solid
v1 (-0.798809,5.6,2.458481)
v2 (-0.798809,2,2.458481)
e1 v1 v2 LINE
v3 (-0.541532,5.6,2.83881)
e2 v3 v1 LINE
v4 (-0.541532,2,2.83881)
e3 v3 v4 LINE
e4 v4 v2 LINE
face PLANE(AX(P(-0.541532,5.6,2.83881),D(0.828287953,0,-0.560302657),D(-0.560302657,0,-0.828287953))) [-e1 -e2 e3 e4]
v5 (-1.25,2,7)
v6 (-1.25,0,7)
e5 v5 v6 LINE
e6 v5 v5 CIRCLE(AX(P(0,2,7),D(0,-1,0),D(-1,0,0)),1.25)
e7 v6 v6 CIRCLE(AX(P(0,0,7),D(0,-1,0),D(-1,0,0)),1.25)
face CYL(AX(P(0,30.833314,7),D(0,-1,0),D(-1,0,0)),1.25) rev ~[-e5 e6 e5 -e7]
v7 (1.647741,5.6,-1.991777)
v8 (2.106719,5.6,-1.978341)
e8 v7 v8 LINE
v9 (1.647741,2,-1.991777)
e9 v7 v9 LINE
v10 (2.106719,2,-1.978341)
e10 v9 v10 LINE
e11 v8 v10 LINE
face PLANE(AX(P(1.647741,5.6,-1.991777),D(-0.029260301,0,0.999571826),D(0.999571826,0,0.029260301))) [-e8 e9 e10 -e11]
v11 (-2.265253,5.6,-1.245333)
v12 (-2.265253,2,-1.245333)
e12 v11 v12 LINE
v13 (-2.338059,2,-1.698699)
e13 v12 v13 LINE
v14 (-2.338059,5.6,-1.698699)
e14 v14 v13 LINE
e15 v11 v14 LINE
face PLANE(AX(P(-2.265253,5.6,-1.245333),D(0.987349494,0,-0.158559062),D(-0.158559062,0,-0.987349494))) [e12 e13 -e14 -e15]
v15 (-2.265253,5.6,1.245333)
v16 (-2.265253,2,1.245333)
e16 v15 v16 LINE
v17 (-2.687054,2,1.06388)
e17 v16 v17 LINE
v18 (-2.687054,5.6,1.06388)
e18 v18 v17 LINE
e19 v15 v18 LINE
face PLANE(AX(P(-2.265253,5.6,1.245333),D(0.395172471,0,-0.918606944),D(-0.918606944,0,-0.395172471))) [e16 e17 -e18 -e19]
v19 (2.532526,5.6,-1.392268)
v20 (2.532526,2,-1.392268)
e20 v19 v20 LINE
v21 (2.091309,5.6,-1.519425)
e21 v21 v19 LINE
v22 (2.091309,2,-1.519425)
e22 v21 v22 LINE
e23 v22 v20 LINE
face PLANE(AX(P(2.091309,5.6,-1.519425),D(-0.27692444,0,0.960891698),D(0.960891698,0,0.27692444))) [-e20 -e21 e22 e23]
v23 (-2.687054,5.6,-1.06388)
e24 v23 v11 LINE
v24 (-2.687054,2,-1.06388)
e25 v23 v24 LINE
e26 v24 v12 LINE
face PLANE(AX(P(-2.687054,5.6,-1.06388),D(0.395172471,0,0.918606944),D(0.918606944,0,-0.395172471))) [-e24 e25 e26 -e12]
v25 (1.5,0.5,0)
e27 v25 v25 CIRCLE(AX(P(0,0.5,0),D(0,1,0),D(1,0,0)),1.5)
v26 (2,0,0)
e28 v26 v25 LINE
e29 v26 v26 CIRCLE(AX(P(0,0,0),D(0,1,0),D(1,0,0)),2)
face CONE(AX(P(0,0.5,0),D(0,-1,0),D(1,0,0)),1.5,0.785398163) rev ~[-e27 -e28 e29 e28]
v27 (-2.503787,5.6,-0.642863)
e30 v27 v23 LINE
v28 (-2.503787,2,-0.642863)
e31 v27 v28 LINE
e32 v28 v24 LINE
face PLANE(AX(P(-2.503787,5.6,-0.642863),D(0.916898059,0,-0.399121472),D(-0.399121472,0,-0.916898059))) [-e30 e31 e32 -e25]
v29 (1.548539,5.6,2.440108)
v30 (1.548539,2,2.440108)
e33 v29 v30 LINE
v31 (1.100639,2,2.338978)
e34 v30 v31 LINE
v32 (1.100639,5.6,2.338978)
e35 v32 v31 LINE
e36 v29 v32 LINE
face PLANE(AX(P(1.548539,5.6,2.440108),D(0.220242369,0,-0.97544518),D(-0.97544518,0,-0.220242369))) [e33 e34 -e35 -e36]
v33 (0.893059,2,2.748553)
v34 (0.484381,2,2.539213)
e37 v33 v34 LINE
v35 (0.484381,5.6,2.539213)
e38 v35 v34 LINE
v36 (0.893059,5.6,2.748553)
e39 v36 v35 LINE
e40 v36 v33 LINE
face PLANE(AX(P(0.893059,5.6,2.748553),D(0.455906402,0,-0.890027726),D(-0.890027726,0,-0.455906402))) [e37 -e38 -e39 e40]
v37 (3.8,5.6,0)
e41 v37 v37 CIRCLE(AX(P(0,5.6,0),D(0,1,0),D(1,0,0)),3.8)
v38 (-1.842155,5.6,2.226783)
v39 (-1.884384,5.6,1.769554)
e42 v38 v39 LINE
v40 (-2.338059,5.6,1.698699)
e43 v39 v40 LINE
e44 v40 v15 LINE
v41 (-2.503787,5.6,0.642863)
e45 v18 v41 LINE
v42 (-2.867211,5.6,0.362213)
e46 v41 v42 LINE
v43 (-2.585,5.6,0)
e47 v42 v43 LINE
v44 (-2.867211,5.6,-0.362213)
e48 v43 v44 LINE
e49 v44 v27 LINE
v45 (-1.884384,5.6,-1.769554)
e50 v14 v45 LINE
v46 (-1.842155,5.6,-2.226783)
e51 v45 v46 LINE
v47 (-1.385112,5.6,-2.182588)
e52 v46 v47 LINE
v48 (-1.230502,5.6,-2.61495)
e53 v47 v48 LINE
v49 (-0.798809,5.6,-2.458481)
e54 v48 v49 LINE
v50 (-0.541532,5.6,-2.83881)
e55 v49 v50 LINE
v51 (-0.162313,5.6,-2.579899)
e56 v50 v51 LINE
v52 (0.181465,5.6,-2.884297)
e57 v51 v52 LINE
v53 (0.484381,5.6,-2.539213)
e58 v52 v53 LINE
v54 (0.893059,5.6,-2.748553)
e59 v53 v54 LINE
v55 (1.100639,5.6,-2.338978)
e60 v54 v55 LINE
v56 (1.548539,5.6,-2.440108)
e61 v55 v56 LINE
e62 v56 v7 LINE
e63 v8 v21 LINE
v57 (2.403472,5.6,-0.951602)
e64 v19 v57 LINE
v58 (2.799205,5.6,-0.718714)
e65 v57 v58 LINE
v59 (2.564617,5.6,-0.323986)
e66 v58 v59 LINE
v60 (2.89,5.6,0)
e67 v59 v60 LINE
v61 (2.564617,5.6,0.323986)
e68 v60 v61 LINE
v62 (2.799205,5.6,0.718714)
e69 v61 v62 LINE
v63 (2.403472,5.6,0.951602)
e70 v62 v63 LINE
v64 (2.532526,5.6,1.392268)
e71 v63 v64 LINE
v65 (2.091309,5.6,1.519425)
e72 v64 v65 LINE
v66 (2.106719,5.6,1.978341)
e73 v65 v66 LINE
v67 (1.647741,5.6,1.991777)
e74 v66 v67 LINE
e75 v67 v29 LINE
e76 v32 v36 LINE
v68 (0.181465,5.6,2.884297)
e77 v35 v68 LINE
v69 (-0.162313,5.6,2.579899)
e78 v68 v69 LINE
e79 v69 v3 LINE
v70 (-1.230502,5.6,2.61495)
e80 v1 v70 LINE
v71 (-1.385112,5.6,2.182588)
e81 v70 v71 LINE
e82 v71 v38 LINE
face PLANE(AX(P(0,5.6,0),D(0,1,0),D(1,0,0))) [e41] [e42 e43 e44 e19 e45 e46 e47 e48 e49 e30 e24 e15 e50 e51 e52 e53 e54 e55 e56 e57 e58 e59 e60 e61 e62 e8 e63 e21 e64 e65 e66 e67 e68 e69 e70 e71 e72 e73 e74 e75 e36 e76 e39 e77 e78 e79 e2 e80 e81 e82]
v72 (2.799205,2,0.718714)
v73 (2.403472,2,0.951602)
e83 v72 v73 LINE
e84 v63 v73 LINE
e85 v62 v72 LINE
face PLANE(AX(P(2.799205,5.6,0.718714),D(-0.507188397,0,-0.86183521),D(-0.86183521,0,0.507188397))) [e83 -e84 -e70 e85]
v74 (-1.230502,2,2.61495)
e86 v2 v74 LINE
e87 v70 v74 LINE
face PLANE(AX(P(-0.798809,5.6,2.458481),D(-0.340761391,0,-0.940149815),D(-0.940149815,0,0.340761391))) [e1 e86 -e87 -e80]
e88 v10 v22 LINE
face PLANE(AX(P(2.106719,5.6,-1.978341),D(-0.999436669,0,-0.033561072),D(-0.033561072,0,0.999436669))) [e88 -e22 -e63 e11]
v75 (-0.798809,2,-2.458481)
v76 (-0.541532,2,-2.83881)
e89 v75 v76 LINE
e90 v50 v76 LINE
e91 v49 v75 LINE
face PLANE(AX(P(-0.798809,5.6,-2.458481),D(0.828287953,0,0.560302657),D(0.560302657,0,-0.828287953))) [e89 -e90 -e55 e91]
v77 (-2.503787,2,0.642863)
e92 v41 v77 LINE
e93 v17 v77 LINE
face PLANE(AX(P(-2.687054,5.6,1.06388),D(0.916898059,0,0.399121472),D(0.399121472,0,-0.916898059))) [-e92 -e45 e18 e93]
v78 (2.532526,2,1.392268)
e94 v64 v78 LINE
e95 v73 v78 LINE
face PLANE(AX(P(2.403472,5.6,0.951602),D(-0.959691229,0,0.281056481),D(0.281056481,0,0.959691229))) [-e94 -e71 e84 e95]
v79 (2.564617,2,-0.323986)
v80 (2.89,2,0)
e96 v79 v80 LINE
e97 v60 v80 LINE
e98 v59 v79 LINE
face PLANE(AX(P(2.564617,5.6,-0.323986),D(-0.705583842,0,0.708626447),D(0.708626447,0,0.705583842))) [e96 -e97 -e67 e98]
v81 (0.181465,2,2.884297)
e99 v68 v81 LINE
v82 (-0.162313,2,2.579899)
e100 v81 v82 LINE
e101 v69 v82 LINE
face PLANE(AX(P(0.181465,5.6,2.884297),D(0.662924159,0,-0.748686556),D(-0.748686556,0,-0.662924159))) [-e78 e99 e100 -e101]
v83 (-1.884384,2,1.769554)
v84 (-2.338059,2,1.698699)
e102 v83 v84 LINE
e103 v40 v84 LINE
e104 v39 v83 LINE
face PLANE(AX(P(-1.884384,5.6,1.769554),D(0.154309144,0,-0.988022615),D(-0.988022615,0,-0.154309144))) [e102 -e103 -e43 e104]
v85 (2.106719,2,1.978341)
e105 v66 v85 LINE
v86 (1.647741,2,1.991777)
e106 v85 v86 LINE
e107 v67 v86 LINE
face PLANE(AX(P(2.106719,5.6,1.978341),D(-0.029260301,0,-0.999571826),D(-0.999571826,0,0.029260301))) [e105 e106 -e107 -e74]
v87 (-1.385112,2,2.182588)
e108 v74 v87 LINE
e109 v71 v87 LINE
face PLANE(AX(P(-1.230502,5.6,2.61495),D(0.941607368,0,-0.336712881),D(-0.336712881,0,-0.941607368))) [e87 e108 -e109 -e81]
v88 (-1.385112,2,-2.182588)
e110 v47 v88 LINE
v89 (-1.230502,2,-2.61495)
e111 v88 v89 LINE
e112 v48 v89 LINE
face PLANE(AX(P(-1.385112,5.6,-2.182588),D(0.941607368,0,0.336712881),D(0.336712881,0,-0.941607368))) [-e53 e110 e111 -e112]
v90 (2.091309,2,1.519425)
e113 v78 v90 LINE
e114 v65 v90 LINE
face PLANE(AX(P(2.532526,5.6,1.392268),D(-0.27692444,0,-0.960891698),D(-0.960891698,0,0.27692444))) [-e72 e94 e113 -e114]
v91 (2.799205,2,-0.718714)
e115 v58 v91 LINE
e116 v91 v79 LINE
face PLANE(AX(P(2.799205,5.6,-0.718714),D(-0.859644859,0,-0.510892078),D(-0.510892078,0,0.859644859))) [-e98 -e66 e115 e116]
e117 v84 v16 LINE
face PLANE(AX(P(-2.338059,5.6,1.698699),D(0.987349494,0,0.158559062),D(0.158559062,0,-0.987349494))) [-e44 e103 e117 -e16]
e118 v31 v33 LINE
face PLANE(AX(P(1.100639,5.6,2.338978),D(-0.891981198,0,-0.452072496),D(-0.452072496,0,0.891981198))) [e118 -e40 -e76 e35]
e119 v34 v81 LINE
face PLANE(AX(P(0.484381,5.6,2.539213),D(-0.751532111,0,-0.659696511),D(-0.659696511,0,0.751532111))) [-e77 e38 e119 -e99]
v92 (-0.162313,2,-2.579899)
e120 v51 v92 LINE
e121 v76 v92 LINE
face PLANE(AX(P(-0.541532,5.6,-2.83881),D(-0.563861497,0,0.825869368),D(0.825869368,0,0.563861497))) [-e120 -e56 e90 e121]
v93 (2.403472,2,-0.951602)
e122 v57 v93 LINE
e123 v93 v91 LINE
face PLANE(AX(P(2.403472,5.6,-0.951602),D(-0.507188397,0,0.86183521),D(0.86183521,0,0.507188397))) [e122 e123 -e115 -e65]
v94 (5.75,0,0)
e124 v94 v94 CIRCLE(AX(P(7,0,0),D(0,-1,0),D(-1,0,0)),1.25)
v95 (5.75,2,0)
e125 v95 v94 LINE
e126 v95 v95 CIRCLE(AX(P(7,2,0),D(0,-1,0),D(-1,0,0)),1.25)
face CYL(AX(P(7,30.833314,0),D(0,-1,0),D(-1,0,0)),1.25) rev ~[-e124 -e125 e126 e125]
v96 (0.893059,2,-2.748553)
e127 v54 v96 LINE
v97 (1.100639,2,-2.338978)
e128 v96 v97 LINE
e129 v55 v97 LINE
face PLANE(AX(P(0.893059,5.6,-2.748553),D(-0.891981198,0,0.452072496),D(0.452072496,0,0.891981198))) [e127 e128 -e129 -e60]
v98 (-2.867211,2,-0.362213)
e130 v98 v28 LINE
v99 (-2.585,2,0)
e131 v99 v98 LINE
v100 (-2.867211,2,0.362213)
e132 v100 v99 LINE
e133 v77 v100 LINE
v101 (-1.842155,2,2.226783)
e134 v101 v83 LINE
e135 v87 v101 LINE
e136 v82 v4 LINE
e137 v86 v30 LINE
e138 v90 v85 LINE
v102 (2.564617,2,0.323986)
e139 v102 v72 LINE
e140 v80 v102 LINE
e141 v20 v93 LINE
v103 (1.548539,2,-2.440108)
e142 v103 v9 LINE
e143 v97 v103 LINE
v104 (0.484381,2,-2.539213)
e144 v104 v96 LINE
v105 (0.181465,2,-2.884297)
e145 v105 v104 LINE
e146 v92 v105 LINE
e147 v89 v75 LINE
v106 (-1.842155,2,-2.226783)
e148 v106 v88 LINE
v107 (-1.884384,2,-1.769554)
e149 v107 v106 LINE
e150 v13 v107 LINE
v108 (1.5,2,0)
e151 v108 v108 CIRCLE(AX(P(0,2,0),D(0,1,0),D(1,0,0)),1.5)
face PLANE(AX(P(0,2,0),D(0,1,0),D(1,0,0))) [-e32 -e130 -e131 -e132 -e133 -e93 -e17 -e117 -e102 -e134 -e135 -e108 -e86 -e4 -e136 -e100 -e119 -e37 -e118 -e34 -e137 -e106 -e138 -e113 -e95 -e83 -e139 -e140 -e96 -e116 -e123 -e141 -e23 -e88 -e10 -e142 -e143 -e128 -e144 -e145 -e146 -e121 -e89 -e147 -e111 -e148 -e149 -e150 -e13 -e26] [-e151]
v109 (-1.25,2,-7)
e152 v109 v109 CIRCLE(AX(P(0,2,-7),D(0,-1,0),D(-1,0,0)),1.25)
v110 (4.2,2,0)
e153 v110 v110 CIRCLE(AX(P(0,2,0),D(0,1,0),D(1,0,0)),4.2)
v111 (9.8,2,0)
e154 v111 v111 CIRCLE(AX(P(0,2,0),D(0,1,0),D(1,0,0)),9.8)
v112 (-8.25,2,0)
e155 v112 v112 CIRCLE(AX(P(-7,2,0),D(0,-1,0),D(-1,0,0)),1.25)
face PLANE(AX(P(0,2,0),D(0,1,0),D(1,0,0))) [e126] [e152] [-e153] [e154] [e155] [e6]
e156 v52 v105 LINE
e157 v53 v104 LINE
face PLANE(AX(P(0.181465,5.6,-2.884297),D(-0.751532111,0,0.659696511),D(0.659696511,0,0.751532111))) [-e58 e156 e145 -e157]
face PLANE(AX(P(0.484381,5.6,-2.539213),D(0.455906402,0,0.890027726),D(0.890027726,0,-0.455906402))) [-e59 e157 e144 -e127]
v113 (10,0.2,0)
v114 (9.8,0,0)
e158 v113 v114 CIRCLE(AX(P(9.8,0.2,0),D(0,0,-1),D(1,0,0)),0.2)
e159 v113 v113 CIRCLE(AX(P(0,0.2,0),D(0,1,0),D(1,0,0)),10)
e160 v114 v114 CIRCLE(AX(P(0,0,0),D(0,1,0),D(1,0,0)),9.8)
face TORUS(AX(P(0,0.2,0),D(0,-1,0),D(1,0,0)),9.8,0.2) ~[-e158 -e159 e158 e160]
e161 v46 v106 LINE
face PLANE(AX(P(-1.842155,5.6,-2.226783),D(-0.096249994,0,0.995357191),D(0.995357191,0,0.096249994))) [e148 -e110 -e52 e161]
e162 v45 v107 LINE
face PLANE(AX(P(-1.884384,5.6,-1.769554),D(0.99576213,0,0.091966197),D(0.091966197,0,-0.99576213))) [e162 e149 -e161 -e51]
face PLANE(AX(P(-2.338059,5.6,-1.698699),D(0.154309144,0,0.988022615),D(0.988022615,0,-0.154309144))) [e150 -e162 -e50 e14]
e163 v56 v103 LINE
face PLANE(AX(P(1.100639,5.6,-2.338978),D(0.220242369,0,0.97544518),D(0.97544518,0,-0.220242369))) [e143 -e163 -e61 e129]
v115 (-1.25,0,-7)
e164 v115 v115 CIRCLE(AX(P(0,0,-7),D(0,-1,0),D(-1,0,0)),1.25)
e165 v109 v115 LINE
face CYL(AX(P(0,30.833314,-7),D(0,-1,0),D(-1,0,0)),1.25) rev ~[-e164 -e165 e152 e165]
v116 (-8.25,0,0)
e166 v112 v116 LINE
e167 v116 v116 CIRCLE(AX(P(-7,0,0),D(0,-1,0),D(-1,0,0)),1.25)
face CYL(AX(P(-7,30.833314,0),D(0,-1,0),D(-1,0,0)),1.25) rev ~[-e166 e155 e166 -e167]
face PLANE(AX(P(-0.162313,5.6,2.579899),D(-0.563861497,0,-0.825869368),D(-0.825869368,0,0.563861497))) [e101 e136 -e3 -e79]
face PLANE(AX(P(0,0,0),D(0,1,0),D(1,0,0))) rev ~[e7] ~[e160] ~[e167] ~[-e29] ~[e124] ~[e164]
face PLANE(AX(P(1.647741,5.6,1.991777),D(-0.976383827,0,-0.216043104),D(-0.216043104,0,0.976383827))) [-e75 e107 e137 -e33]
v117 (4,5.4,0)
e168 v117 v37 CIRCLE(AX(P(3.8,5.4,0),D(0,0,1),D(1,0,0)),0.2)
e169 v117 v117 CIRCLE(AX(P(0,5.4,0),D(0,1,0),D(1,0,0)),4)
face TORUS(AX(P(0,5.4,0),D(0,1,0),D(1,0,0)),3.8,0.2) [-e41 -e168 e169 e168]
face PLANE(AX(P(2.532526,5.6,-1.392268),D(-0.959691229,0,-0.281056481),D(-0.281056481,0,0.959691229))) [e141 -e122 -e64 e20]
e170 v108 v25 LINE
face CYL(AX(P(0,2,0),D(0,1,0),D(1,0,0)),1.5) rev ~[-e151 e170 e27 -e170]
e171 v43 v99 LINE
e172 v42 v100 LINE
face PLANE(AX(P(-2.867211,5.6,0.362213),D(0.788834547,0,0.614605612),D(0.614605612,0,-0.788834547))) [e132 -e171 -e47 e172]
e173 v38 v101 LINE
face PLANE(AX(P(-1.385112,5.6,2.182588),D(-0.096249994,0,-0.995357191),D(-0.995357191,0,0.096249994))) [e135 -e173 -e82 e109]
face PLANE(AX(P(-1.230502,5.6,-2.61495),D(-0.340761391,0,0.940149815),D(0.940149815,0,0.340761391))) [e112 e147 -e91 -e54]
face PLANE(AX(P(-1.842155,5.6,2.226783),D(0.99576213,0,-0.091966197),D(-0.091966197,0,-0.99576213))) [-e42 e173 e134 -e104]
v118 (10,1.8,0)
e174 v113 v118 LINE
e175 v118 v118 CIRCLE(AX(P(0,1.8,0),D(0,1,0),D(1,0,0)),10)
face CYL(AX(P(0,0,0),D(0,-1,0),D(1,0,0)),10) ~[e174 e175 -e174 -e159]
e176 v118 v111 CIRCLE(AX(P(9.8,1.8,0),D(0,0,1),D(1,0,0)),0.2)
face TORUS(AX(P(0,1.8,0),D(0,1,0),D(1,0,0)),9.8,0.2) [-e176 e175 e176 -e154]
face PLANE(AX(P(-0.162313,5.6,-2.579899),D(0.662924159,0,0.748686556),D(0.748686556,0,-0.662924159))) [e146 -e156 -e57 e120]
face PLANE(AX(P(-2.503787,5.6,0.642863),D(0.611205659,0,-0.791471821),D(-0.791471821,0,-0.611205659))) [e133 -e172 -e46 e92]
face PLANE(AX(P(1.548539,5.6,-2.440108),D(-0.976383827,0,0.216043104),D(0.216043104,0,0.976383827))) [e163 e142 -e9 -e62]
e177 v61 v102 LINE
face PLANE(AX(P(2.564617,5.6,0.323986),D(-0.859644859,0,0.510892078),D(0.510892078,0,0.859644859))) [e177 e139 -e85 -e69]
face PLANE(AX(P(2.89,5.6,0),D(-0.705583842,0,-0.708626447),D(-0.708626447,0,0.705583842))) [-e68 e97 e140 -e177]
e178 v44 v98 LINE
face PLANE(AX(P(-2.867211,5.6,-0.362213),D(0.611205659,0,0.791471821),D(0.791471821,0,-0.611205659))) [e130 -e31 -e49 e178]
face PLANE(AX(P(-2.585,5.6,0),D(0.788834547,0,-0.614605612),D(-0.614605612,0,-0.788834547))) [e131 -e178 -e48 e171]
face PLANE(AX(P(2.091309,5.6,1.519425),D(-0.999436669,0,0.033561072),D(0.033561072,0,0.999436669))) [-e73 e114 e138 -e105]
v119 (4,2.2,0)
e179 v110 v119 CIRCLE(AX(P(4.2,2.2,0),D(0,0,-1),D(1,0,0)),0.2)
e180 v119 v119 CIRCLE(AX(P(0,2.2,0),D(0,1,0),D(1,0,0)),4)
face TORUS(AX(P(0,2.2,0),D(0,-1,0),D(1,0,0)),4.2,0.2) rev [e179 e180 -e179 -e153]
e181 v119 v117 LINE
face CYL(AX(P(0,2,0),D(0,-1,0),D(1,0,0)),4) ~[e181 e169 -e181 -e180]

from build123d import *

# Parameters (mm, degrees)
SKETCH2_R             = 10
BOSS_EXTRUDE1_DEPTH   = 2
SKETCH3_R             = 4
BOSS_EXTRUDE2_DEPTH   = 3.6
M3X0_5_TAPPED_HOLE1_D = 2.5
SKETCH6_R             = 2.585
CUT_EXTRUDE1_DEPTH    = 3.6
SKETCH7_R             = 1.5
CUT_EXTRUDE2_DEPTH    = 3
FILLET1_R             = 0.2
CUT_EXTRUDE6_DEPTH    = 3.6
CIRPATTERN1_COUNT     = 25
CHAMFER1_SIZE         = 0.5


with BuildPart() as part:
    # Sketch2 → Boss-Extrude1 (new body)
    with BuildSketch(Plane(origin=(0, 0, 0), x_dir=(1, 0, 0), z_dir=(0, 1, 0))):
        Circle(SKETCH2_R)
    extrude(amount=BOSS_EXTRUDE1_DEPTH)

    # Sketch3 → Boss-Extrude2 (add)
    with BuildSketch(Plane(origin=(0, 2, 0), x_dir=(1, 0, 0), z_dir=(0, 1, 0))):
        Circle(SKETCH3_R)
    extrude(amount=BOSS_EXTRUDE2_DEPTH)

    # M3x0.5 Tapped Hole1 (through all)
    with Locations(Plane(origin=(0, 2, 0), x_dir=(1, 0, 0), z_dir=(0, 1, 0))):
        with Locations((0, 7), (-7, 0), (0, -7), (7, 0)):
            Hole(M3X0_5_TAPPED_HOLE1_D / 2)

    # Sketch6 → Cut-Extrude1 (cut)
    with BuildSketch(Plane(origin=(0, 5.6, 0), x_dir=(1, 0, 0), z_dir=(0, 1, 0))):
        Circle(SKETCH6_R)
    extrude(amount=-CUT_EXTRUDE1_DEPTH, mode=Mode.SUBTRACT)

    # Sketch7 → Cut-Extrude2 (cut, through all)
    with BuildSketch(Plane(origin=(0, 2, 0), x_dir=(1, 0, 0), z_dir=(0, 1, 0))):
        Circle(SKETCH7_R)
    extrude(amount=-CUT_EXTRUDE2_DEPTH, mode=Mode.SUBTRACT)

    # Fillet1
    fillet1_edges = [part.edges().sort_by_distance(p)[0] for p in [
        (-10, 0, 0),
        (-10, 2, 0),
        (-4, 2, 0),
        (-4, 5.6, 0),
    ]]
    fillet(fillet1_edges, radius=FILLET1_R)

    # Sketch8 → Cut-Extrude6 (cut)
    with BuildSketch(Plane(origin=(0, 5.6, 0), x_dir=(1, 0, 0), z_dir=(0, 1, 0))):
        with BuildLine():
            Line((2.564616503, 0.323986409), (2.89, 0))
            Line((2.89, 0), (2.564616503, -0.323986409))
            ThreePointArc((2.564616503, -0.323986409), (2.585, 0), (2.564616503, 0.323986409))
        make_face()
    cut_extrude6 = extrude(amount=-CUT_EXTRUDE6_DEPTH, mode=Mode.SUBTRACT)

    # CirPattern1: Cut-Extrude6 ×25 about axis
    cirpattern1_axis = Axis((0, 0, 0), (0, 1, 0))
    for i in range(1, CIRPATTERN1_COUNT):
        add(cut_extrude6.rotate(cirpattern1_axis, i * 360 / CIRPATTERN1_COUNT), mode=Mode.SUBTRACT)

    # Chamfer1
    chamfer1_edges = [part.edges().sort_by_distance(p)[0] for p in [
        (-1.5, 0, 0),
    ]]
    chamfer(chamfer1_edges, length=CHAMFER1_SIZE)


solid = part.part
